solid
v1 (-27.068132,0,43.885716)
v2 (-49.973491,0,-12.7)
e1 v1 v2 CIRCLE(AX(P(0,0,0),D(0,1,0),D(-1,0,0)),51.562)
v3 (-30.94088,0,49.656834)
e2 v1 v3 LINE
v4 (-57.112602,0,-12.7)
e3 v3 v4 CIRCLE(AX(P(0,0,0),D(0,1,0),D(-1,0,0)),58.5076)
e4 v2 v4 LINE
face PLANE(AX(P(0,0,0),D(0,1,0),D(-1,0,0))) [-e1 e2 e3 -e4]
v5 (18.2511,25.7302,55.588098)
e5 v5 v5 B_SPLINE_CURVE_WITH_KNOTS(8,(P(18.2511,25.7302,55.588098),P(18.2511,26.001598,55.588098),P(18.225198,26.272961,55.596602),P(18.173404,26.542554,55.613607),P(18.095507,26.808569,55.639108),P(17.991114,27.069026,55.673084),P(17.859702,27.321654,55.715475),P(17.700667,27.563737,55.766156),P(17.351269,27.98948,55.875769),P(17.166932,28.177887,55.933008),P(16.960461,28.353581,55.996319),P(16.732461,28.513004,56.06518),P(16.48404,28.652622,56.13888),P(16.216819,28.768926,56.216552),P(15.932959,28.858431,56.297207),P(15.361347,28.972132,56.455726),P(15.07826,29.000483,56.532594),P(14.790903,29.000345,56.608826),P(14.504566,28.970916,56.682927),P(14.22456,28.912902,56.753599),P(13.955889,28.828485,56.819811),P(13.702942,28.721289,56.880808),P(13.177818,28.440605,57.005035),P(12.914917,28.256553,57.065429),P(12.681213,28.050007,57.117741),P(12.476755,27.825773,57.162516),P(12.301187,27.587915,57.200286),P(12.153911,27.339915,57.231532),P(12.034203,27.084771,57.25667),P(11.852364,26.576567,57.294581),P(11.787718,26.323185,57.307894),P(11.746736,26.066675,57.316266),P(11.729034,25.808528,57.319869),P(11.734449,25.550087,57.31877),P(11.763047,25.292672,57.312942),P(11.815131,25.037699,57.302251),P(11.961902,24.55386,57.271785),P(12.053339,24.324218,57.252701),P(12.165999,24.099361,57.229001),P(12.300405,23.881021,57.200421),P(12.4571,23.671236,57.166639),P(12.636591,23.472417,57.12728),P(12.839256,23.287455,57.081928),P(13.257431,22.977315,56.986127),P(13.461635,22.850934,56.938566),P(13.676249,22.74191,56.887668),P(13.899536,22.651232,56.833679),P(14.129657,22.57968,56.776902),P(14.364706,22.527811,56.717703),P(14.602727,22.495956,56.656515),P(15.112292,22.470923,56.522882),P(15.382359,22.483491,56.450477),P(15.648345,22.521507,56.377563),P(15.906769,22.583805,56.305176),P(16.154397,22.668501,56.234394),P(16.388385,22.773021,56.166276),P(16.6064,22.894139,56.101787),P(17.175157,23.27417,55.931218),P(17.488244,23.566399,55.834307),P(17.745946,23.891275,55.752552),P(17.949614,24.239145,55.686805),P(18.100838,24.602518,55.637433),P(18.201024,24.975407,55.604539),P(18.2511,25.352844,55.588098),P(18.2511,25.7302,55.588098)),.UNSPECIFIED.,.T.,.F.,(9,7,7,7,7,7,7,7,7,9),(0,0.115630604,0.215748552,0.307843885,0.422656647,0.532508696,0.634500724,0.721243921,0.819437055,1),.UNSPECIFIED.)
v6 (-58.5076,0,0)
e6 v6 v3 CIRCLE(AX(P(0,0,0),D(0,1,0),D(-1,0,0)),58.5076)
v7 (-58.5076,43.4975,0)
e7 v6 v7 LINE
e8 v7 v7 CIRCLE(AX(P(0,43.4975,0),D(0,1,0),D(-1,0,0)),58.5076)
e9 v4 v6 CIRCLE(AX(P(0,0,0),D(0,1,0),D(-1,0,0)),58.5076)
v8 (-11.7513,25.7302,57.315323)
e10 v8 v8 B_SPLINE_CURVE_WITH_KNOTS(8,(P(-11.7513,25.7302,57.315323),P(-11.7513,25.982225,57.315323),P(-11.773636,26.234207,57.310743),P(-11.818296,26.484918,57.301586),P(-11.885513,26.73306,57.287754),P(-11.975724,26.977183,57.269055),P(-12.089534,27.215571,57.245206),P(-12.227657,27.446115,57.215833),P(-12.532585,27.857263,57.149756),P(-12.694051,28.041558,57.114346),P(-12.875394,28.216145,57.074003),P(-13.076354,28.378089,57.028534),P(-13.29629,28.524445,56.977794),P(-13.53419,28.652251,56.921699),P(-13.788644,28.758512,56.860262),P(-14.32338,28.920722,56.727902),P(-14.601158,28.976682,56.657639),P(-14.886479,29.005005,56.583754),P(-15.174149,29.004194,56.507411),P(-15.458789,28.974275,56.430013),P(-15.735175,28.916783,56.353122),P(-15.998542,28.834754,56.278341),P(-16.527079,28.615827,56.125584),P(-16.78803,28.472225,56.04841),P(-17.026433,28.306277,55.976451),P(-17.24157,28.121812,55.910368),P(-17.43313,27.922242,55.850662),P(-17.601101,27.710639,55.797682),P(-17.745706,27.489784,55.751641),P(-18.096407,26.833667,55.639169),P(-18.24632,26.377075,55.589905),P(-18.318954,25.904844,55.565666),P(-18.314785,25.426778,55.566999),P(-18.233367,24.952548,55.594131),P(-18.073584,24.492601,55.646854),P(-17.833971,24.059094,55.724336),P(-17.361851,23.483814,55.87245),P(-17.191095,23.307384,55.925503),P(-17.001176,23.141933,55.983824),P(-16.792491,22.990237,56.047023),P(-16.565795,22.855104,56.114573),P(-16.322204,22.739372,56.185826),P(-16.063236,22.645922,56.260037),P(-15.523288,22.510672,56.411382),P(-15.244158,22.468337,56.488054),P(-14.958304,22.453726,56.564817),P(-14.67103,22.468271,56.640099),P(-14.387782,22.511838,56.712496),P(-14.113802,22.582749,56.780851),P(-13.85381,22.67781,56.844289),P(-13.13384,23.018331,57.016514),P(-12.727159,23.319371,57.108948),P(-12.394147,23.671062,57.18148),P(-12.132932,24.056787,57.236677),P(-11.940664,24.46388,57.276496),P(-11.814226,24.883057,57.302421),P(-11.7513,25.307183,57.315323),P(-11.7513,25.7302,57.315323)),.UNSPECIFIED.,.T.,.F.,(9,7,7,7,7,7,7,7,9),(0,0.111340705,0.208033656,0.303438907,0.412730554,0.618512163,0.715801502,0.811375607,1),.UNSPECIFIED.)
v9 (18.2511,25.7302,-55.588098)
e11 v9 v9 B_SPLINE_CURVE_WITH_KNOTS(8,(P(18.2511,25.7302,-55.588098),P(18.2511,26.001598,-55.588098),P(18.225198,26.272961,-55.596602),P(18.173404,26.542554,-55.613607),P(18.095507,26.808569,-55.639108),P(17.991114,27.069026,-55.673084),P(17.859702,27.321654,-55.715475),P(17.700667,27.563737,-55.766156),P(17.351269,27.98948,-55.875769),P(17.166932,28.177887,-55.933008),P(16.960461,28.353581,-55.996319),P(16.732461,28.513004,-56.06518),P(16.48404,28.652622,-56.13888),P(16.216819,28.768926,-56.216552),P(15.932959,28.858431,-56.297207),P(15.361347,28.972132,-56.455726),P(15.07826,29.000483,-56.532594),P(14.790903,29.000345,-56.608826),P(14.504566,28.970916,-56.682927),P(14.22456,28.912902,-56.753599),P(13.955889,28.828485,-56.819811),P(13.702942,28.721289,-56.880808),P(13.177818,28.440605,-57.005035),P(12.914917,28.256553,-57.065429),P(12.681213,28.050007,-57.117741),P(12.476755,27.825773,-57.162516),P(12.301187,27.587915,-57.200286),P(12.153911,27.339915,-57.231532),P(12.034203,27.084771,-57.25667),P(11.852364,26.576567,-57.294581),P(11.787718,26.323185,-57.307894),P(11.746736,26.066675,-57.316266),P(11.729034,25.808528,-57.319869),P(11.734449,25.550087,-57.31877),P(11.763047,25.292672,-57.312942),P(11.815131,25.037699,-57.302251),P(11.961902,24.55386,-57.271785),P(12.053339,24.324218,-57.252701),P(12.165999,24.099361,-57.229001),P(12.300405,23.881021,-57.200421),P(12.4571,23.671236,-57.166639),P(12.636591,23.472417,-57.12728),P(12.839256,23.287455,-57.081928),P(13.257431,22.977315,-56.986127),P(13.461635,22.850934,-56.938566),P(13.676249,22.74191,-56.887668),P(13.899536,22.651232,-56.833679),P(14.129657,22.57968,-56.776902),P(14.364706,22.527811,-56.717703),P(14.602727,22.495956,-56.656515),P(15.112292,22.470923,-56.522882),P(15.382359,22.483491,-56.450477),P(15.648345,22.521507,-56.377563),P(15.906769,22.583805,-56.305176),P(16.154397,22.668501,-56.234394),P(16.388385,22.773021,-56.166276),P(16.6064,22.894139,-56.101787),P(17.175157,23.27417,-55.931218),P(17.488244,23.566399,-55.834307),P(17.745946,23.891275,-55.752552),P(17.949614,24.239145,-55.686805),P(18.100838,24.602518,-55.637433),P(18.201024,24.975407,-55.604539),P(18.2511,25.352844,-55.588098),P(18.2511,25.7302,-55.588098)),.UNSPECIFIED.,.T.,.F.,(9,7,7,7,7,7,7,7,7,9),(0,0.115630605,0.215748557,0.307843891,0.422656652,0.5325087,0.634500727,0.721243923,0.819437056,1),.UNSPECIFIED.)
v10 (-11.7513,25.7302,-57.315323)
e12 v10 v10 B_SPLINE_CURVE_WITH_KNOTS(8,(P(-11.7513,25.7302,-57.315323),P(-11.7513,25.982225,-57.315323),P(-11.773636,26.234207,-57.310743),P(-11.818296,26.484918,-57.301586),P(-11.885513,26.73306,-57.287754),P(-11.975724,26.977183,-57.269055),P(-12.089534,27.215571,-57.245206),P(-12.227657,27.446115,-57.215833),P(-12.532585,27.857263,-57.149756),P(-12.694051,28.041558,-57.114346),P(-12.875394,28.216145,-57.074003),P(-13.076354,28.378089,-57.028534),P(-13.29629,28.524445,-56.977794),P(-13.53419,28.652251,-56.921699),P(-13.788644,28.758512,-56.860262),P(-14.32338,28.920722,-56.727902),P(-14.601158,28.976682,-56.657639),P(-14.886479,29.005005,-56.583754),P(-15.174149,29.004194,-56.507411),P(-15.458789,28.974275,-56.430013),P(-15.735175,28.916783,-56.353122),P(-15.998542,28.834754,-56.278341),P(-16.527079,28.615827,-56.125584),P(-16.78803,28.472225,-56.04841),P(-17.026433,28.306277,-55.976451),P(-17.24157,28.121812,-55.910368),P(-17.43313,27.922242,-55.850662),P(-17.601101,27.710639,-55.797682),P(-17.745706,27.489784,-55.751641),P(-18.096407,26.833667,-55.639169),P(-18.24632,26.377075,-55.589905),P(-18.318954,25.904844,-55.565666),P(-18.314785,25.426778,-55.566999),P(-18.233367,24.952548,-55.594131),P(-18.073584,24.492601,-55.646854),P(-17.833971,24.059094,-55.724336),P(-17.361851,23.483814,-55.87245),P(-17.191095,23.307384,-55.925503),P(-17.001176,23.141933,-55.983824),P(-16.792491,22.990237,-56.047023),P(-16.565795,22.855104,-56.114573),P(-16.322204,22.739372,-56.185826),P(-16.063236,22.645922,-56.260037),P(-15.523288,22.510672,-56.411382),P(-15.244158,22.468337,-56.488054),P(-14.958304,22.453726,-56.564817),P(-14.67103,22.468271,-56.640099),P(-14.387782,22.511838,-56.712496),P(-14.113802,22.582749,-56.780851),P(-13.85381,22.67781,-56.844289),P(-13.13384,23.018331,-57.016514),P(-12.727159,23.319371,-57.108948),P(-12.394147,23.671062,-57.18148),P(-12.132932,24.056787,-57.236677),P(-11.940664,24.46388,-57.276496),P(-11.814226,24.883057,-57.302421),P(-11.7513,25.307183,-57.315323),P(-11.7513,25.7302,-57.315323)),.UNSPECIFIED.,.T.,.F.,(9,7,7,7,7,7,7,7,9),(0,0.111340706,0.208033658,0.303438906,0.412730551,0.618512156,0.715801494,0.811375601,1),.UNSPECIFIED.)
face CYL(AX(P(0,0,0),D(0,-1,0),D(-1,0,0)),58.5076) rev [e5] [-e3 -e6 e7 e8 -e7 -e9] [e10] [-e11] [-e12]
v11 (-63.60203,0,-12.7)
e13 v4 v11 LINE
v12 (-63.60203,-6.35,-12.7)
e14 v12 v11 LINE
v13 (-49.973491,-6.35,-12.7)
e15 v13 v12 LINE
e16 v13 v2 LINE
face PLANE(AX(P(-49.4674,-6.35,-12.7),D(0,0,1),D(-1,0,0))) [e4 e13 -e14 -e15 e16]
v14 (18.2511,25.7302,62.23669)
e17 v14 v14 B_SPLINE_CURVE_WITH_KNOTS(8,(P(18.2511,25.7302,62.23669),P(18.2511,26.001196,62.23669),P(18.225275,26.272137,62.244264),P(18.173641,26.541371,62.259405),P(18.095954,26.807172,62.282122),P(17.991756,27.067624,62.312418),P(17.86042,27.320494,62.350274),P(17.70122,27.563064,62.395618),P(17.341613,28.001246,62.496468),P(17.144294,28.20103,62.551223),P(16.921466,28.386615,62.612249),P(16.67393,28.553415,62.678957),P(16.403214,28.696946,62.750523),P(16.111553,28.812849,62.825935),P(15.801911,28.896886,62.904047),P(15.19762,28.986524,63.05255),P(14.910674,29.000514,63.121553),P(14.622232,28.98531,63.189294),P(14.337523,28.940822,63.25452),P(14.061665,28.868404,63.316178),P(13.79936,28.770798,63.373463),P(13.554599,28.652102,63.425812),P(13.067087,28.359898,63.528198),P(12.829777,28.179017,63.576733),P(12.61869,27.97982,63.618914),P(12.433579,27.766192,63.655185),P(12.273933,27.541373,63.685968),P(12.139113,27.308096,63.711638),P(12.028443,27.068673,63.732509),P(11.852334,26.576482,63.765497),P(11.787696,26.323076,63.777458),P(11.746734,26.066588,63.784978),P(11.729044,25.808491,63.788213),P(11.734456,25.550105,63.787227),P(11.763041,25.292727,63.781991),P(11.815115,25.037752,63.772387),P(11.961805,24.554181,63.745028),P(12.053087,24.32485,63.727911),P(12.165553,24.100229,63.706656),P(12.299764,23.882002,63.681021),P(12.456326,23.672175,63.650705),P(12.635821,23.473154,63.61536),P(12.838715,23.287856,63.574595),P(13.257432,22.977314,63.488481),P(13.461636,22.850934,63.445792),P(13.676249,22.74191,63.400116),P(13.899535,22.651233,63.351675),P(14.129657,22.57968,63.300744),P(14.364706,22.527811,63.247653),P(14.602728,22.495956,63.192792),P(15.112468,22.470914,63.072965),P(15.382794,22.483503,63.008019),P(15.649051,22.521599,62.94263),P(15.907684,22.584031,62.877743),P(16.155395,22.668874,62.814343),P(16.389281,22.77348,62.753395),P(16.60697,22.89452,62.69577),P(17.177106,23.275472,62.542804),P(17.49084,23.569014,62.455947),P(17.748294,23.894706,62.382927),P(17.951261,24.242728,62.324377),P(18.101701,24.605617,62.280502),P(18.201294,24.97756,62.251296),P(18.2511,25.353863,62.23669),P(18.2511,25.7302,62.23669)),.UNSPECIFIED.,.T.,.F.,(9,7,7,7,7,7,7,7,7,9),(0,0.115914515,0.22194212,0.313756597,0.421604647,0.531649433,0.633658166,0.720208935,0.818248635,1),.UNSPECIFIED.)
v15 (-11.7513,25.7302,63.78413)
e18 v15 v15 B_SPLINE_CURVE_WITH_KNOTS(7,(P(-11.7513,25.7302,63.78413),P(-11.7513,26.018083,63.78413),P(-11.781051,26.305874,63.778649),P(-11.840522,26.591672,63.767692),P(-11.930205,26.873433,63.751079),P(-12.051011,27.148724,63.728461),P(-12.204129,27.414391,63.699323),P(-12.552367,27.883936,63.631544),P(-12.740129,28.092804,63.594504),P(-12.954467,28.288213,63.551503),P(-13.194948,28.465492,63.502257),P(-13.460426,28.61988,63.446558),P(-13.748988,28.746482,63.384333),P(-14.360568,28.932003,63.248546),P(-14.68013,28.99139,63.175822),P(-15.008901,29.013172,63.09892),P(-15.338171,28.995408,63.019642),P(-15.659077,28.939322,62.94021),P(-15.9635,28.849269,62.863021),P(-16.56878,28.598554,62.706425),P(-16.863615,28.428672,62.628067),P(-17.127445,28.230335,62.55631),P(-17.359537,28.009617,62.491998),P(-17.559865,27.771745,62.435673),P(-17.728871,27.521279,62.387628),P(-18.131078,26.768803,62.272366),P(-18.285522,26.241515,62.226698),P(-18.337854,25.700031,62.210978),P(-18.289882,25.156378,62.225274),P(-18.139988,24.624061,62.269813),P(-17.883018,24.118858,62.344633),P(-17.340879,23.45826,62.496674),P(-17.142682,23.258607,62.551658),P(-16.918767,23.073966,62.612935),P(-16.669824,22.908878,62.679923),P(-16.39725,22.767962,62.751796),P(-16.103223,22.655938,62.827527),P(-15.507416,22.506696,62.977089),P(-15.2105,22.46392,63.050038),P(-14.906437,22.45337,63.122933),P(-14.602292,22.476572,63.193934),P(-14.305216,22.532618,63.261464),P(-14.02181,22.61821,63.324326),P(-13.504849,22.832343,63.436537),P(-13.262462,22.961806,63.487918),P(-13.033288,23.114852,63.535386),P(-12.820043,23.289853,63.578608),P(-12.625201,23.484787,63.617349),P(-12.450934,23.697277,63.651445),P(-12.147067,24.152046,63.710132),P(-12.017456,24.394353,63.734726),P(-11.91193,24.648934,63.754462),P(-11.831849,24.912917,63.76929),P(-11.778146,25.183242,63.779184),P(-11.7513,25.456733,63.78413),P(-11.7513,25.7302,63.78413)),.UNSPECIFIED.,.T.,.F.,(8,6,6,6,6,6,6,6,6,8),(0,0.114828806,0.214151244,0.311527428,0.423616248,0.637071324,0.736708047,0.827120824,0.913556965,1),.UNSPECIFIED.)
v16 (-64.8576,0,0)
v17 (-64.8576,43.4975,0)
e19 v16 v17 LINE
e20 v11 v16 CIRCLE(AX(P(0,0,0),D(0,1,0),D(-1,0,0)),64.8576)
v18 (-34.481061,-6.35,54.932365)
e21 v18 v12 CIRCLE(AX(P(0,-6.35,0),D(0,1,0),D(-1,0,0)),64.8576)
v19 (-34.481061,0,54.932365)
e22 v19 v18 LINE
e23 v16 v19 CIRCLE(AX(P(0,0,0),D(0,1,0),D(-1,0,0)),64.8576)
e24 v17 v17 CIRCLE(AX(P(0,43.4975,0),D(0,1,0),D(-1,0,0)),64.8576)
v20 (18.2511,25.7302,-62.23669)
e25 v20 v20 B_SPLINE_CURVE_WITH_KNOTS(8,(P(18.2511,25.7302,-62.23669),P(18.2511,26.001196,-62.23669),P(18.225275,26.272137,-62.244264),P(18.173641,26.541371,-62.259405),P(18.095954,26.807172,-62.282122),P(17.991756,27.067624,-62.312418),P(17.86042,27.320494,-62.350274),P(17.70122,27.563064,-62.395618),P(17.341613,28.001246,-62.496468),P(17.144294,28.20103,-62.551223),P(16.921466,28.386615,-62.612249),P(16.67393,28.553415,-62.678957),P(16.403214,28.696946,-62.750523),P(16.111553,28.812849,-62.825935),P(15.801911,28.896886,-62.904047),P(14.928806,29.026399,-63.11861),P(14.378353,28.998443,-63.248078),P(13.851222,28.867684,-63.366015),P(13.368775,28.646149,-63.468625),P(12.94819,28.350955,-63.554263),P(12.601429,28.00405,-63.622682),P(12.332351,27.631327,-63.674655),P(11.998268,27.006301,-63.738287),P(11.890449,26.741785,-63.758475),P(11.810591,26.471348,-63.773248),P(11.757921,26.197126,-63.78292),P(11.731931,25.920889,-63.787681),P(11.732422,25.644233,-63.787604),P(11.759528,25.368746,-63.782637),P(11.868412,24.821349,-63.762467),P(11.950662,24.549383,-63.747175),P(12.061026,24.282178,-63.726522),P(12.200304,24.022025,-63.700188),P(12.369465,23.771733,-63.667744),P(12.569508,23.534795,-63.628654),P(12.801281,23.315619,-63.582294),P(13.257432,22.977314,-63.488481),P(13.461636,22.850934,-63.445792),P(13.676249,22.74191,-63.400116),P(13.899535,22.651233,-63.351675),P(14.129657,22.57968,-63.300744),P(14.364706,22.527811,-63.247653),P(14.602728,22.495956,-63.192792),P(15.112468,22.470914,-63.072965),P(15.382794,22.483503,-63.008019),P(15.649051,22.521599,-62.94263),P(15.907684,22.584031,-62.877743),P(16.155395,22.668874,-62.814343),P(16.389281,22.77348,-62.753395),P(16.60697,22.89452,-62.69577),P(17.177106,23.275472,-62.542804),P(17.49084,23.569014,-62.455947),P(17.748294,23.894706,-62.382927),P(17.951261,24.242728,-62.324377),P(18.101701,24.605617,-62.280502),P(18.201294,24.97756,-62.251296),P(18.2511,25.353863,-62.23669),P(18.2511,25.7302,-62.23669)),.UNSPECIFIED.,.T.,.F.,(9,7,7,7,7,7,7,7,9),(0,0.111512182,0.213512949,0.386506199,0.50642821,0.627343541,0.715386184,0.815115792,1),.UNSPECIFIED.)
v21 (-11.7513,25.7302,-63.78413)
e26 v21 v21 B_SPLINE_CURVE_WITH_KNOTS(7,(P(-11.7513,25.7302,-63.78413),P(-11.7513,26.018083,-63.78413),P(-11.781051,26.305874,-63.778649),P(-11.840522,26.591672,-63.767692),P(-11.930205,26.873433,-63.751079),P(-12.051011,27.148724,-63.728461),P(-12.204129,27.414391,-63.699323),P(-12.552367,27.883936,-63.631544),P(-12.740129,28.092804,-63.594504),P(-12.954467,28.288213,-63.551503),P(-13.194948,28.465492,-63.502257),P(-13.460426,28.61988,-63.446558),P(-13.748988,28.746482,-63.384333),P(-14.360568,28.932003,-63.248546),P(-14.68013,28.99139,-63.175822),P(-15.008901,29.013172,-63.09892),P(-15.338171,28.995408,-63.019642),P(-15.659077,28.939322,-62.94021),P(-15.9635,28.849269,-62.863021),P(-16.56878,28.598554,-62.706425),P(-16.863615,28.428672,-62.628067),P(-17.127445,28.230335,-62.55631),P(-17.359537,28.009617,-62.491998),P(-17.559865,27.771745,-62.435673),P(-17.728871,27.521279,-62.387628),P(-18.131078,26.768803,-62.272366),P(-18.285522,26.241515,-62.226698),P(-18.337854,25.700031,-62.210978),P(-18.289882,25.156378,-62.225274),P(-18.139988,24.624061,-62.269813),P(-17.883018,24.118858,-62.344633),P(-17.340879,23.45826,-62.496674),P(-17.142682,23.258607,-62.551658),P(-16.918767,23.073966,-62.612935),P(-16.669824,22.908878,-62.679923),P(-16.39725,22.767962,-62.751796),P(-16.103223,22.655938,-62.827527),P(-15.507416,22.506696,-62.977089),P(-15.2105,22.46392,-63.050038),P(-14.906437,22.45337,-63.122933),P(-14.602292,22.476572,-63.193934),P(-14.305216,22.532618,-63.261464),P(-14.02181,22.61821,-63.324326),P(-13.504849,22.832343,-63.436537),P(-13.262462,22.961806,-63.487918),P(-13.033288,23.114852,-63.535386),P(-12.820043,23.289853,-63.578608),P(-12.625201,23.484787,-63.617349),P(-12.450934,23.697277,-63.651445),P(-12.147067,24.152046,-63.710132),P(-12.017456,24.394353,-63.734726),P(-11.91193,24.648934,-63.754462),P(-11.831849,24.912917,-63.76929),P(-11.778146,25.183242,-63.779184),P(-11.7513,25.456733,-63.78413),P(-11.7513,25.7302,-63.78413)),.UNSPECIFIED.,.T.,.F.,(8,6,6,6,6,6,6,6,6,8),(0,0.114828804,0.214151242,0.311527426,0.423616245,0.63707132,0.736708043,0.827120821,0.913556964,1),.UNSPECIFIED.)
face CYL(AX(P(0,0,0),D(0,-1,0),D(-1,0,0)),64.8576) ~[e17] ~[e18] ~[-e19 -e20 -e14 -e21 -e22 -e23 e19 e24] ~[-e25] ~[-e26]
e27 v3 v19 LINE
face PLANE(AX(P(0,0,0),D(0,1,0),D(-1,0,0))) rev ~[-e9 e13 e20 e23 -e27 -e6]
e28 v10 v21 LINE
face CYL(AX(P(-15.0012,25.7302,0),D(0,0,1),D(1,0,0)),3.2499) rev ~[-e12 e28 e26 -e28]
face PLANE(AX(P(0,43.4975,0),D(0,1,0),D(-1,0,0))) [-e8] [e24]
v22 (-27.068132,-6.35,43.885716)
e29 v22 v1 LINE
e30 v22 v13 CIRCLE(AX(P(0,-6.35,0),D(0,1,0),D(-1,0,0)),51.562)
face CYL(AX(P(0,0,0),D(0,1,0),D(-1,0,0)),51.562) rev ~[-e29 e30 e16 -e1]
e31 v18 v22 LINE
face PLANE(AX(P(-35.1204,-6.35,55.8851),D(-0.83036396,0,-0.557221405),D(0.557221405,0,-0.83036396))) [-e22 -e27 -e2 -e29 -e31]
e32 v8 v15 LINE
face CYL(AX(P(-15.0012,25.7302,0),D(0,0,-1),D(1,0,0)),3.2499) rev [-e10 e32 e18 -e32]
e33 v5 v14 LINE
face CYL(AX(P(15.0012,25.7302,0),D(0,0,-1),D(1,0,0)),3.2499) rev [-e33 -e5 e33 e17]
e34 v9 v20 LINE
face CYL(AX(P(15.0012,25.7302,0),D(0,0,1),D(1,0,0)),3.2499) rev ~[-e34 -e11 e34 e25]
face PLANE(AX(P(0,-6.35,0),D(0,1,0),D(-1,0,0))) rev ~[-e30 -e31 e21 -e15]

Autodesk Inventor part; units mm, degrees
ref_plane "YZ Plane" through (0, 0, 0) normal (1, 0, 0) x (0, 1, 0)
ref_plane "XZ Plane" through (0, 0, 0) normal (0, 1, 0) x (-1, 0, 0)
ref_plane "XY Plane" through (0, 0, 0) normal (0, 0, 1) x (1, 0, 0)
sketch "Sketch1" plane through (0, 0, 0) normal (0, 1, 0) x (-1, 0, 0)
  circle A0 centre (0, 0) radius 58.5076
  circle A1 centre (0, 0) radius 64.8576
  dimension "d0" = 117.0153
  dimension "d1" = 129.7153
extrude "Extrusion1" add sketch "Sketch1" along normal blind 43.4975
sketch "Sketch2" plane through (0, 0, 0) normal (0, 1, 0) x (-1, 0, 0)
  circle A0 centre (0, 0) radius 51.562
  circle A1 centre (0, 0) radius 64.8576
  dimension "d4" = 103.124
  dimension "d5" = 129.7153
extrude "Extrusion2" add sketch "Sketch2" against normal blind 6.35
sketch "Sketch3" plane through (0, 0, 0) normal (0, 1, 0) x (-1, 0, 0)
  circle A0 centre (12.7, 12.7) radius 1.6256
  circle A1 centre (12.7, -12.7) radius 1.6256
  circle A2 centre (-12.7, 12.7) radius 1.6256
  circle A3 centre (-12.7, -12.7) radius 1.6256
  circle A4 centre (0, 0) radius 50.1447
  line L0 (53.4401, 17.2954) -> (47.8331, 15.0494)
  line L1 (0, 0) -> (53.4401, 17.2954)
  line L2 (43.7038, 24.586) -> (45.7401, 24.9855)
  line L3 (53.4401, 17.2954) -> (45.7401, 24.9855)
  line L4 (45.7401, 24.9855) -> (0, 0)
  dimension "d8" = 3.2512
  dimension "d9" = 3.2512
  dimension "d10" = 3.2512
  dimension "d11" = 3.2512
sketch "Sketch5" plane through (0, 0, 0) normal (0, 1, 0) x (-1, 0, 0)
  circle A0 centre (0, 0) radius 64.8576 projected
  arc A1 (64.8576, 0) -> (44.4312, 47.2481) centre (0, 0) ccw
  arc A2 (50.9046, 0) -> (35.0064, 36.9572) centre (0, 0) ccw
  line L0 (35.0064, 36.9572) -> (44.4312, 47.2481)
  line L1 (50.9046, 0) -> (64.8576, 0)
  arc A3 (64.8576, 0) -> (44.4312, 47.2481) centre (0, 0) ccw
extrude "Extrusion3" cut sketch "Sketch5" against normal blind 7.62 contours L1 A2 L0 A0 picked at (59.6957, 6.2583)
sketch "Sketch10" plane through (0, 0, 0) normal (0, 0, 1) x (1, 0, 0)
  circle A0 centre (-15.0012, 25.7302) radius 3.2499
  point P0 (0, 0)
  dimension "d27" = 6.4999
extrude "Extrusion8" cut sketch "Sketch10" along normal mid plane 152.4
sketch "Sketch11" plane through (0, 0, 0) normal (0, 0, 1) x (1, 0, 0)
  circle A0 centre (15.0012, 25.7302) radius 3.2499
  point P0 (0, 0)
  dimension "d30" = 6.4999
extrude "Extrusion9" cut sketch "Sketch11" along normal mid plane 152.4
sketch "Sketch12" plane through (0, -6.35, 0) normal (0, -1, 0) x (1, 0, 0)
  line L0 (-58.5076, 0) -> (-64.8576, 0) projected
  line L1 (-64.8576, 0) -> (-49.4674, 0)
  line L2 (-49.4674, 0) -> (-49.4674, -12.7)
  line L3 (-49.4674, -12.7) -> (-64.8576, -12.7)
  line L4 (-64.8576, -12.7) -> (-64.8576, 0)
  point P0 (0, 0)
  dimension "d33" = 12.7
extrude "Extrusion10" cut sketch "Sketch12" against normal blind 6.35
sketch "Sketch13" plane through (0, -6.35, 0) normal (0, -1, 0) x (1, 0, 0)
  point P0 (0, 0)
sketch "Sketch14" plane through (0, -6.35, 0) normal (0, -1, 0) x (1, 0, 0)
  line L0 (-35.1204, 55.8851) -> (-25.6536, 41.7778)
  line L1 (-25.6536, 41.7778) -> (-33.019, 34.9455)
  line L2 (-44.4312, 47.2481) -> (-40.1421, 42.5648) projected
  line L3 (-44.4312, 47.2481) -> (-48.028, 43.8657)
  circle A0 centre (0, 0) radius 64.8576 projected
  line L4 (-48.028, 43.8657) -> (-35.1204, 32.9693)
  line L5 (-35.1204, 32.9693) -> (-33.019, 34.9455)
  line L6 (-48.028, 43.8657) -> (-45.6028, 48.5109)
  line L7 (-45.6028, 48.5109) -> (-35.1204, 55.8851)
  dimension "d36" = 12.7
extrude "Extrusion11" cut sketch "Sketch14" against normal blind 6.35 contours L0 A0 L3 L6 L7 | L0 L1 L5 L4 A0 | A0 L4 L3 picked at (-33.3184, 42.2486)
properties part number "loader20190318_part2"
